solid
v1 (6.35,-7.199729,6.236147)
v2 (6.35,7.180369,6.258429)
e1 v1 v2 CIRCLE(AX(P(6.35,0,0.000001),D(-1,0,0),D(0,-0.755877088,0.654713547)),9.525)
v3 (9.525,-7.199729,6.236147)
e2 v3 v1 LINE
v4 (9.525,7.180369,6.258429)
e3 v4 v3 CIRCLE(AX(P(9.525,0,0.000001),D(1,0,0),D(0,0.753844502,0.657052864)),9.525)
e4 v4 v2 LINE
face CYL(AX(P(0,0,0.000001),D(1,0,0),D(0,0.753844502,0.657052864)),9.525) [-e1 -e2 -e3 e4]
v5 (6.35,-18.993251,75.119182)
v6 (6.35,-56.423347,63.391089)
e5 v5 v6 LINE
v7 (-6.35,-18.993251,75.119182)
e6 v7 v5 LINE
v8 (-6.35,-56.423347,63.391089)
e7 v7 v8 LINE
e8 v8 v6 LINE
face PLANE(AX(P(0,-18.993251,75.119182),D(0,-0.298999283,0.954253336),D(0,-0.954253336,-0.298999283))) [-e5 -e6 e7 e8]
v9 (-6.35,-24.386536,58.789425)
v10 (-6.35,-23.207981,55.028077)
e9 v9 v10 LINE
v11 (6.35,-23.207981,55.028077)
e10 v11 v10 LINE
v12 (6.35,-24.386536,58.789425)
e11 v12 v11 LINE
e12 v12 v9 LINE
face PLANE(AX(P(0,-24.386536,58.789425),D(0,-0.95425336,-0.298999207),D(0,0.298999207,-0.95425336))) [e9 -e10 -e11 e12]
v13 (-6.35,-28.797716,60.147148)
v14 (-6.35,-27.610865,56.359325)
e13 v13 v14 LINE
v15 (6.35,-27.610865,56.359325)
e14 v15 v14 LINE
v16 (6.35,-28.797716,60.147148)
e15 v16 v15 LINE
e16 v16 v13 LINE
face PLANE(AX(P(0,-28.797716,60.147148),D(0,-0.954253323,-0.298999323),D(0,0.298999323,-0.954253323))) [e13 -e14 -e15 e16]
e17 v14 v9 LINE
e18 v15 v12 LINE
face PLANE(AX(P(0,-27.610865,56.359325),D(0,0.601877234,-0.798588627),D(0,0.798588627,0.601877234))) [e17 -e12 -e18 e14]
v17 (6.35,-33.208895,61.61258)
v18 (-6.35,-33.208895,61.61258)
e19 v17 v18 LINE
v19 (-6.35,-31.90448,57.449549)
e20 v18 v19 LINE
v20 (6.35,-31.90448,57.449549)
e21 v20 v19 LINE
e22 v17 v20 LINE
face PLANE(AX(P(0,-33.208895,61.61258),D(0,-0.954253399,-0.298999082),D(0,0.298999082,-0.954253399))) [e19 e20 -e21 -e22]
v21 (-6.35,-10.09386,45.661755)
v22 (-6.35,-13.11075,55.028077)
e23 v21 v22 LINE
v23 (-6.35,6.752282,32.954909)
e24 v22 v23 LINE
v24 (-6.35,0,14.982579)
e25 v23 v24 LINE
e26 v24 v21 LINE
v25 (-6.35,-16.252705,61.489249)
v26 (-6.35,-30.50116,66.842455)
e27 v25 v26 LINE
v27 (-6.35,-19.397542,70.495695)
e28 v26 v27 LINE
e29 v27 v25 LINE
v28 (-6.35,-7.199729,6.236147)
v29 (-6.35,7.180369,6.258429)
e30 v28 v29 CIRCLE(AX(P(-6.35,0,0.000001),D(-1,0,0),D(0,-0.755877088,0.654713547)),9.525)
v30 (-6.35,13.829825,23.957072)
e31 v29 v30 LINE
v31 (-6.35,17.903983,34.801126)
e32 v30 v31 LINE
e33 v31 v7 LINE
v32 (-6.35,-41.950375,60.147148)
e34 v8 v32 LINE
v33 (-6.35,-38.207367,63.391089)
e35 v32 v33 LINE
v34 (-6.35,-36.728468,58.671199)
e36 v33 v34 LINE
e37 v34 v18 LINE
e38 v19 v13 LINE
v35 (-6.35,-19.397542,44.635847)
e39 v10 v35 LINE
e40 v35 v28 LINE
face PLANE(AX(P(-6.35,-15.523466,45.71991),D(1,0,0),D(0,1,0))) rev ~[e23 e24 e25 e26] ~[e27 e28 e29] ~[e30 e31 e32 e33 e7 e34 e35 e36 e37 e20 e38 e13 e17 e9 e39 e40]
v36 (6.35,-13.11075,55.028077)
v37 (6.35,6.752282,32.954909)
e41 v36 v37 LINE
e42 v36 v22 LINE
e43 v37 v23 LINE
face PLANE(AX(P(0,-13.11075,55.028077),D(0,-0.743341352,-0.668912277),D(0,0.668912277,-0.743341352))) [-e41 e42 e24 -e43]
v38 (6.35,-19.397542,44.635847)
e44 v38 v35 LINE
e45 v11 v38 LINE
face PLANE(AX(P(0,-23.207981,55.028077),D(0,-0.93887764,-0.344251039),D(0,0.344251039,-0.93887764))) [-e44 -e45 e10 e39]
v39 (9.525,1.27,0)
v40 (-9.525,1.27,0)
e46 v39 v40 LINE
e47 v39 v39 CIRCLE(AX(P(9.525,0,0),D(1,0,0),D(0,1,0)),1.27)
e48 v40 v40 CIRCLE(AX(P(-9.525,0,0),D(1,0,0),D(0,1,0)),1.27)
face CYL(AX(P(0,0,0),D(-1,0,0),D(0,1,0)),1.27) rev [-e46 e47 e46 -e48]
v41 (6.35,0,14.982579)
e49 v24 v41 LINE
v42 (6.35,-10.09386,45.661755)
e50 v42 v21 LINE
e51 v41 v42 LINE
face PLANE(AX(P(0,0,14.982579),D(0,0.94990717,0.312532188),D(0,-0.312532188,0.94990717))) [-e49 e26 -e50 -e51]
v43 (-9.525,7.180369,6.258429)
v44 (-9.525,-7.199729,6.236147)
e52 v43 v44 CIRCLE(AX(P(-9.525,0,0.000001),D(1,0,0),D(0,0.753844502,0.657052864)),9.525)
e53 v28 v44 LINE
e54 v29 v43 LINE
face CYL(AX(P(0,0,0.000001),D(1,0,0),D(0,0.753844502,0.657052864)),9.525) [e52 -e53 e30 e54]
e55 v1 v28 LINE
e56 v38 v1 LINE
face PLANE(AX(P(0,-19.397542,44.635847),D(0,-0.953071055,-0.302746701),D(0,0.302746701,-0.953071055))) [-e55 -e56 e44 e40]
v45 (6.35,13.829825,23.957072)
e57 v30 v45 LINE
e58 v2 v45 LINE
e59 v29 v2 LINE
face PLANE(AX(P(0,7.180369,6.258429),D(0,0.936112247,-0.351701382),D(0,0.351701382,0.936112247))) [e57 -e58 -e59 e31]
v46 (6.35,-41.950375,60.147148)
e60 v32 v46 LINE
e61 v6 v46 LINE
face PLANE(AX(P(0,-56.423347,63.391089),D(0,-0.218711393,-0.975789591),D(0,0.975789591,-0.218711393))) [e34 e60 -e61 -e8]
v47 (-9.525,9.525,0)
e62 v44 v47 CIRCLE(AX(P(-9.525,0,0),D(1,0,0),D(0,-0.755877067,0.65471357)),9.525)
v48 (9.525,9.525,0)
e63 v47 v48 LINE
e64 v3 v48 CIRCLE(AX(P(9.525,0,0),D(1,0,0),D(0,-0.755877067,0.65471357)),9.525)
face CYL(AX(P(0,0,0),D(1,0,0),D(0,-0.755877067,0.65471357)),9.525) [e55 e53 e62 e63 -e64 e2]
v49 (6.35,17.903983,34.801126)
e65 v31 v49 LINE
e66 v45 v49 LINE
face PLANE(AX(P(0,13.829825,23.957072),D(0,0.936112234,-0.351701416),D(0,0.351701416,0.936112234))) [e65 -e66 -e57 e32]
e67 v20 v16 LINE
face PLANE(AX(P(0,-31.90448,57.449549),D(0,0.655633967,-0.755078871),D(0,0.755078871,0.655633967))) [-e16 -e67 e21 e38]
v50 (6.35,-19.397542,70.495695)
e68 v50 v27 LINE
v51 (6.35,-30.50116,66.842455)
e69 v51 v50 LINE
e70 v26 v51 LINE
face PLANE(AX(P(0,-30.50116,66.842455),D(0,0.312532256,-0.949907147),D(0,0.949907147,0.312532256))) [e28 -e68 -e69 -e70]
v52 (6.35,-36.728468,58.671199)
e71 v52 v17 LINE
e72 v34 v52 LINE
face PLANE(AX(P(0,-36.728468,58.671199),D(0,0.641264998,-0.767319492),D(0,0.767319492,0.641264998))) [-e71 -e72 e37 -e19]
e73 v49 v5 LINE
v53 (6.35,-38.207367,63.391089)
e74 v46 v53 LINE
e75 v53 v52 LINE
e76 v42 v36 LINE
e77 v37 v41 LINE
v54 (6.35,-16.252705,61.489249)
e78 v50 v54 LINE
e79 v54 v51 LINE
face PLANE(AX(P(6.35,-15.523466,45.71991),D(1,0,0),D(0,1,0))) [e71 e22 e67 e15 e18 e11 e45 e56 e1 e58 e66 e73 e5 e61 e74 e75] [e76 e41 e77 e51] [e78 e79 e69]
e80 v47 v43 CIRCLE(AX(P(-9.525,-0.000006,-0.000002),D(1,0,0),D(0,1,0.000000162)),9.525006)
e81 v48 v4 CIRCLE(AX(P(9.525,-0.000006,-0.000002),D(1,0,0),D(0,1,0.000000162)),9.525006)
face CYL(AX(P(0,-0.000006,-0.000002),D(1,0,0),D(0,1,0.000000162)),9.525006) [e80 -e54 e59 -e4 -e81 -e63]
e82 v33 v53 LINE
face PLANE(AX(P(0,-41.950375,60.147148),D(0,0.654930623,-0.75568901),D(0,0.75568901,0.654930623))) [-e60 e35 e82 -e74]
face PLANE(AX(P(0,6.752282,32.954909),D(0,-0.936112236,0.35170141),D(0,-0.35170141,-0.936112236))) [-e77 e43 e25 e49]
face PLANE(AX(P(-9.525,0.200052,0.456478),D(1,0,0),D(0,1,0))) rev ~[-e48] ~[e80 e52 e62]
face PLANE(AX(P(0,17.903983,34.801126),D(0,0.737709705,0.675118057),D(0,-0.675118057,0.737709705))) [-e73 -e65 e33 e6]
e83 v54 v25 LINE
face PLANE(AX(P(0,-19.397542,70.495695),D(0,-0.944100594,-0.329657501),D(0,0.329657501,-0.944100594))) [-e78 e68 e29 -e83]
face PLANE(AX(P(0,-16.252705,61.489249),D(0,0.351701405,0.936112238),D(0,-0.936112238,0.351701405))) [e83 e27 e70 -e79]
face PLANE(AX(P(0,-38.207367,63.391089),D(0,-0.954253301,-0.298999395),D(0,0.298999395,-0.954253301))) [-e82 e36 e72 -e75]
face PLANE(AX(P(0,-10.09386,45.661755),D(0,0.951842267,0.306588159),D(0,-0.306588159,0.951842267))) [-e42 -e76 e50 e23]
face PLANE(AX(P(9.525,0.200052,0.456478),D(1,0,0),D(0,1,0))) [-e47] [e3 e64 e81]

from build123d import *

# Parameters (mm, degrees)
F0_R     = 1.27
F1_DEPTH = 9.525
F2_DEPTH = 6.35


with BuildPart() as f1:
    # F0 (on Right) → F1 (new body, symmetric)
    with BuildSketch(Plane.YZ):
        with BuildLine():
            ThreePointArc((-7.199729, 6.236147), (-3.327777, -8.92477), (9.525, 0))
            ThreePointArc((9.525, 0), (8.919603, 3.341602), (7.180369, 6.258429))
            ThreePointArc((7.180369, 6.258429), (-0.014759, 9.524989), (-7.199729, 6.236147))
        make_face()
        Circle(F0_R, mode=Mode.SUBTRACT)
    extrude(amount=F1_DEPTH, both=True)

    # F0 (on Right) → F2 (join, symmetric)
    with BuildSketch(Plane.YZ):
        with BuildLine():
            ThreePointArc((-7.199729, 6.236147), (-0.014759, 9.524989), (7.180369, 6.258429))
            Line((7.180369, 6.258429), (13.829825, 23.957072))
            Line((13.829825, 23.957072), (17.903983, 34.801126))
            Line((17.903983, 34.801126), (-18.993251, 75.119182))
            Line((-18.993251, 75.119182), (-56.423347, 63.391089))
            Line((-56.423347, 63.391089), (-41.950375, 60.147148))
            Line((-41.950375, 60.147148), (-38.207367, 63.391089))
            Line((-38.207367, 63.391089), (-36.728468, 58.671199))
            Line((-36.728468, 58.671199), (-33.208895, 61.61258))
            Line((-33.208895, 61.61258), (-31.90448, 57.449549))
            Line((-31.90448, 57.449549), (-28.797716, 60.147148))
            Line((-28.797716, 60.147148), (-27.610865, 56.359325))
            Line((-27.610865, 56.359325), (-24.386536, 58.789425))
            Line((-24.386536, 58.789425), (-23.207981, 55.028077))
            Line((-23.207981, 55.028077), (-19.397542, 44.635847))
            Line((-19.397542, 44.635847), (-7.199729, 6.236147))
        make_face()
        Polygon((-30.50116, 66.842455), (-19.397542, 70.495695), (-16.252705, 61.489249), align=None, mode=Mode.SUBTRACT)
        Polygon((0, 14.982579), (-10.09386, 45.661755), (-13.11075, 55.028077), (6.752282, 32.954909), align=None, mode=Mode.SUBTRACT)
    extrude(amount=F2_DEPTH, both=True)


solid = f1.part
